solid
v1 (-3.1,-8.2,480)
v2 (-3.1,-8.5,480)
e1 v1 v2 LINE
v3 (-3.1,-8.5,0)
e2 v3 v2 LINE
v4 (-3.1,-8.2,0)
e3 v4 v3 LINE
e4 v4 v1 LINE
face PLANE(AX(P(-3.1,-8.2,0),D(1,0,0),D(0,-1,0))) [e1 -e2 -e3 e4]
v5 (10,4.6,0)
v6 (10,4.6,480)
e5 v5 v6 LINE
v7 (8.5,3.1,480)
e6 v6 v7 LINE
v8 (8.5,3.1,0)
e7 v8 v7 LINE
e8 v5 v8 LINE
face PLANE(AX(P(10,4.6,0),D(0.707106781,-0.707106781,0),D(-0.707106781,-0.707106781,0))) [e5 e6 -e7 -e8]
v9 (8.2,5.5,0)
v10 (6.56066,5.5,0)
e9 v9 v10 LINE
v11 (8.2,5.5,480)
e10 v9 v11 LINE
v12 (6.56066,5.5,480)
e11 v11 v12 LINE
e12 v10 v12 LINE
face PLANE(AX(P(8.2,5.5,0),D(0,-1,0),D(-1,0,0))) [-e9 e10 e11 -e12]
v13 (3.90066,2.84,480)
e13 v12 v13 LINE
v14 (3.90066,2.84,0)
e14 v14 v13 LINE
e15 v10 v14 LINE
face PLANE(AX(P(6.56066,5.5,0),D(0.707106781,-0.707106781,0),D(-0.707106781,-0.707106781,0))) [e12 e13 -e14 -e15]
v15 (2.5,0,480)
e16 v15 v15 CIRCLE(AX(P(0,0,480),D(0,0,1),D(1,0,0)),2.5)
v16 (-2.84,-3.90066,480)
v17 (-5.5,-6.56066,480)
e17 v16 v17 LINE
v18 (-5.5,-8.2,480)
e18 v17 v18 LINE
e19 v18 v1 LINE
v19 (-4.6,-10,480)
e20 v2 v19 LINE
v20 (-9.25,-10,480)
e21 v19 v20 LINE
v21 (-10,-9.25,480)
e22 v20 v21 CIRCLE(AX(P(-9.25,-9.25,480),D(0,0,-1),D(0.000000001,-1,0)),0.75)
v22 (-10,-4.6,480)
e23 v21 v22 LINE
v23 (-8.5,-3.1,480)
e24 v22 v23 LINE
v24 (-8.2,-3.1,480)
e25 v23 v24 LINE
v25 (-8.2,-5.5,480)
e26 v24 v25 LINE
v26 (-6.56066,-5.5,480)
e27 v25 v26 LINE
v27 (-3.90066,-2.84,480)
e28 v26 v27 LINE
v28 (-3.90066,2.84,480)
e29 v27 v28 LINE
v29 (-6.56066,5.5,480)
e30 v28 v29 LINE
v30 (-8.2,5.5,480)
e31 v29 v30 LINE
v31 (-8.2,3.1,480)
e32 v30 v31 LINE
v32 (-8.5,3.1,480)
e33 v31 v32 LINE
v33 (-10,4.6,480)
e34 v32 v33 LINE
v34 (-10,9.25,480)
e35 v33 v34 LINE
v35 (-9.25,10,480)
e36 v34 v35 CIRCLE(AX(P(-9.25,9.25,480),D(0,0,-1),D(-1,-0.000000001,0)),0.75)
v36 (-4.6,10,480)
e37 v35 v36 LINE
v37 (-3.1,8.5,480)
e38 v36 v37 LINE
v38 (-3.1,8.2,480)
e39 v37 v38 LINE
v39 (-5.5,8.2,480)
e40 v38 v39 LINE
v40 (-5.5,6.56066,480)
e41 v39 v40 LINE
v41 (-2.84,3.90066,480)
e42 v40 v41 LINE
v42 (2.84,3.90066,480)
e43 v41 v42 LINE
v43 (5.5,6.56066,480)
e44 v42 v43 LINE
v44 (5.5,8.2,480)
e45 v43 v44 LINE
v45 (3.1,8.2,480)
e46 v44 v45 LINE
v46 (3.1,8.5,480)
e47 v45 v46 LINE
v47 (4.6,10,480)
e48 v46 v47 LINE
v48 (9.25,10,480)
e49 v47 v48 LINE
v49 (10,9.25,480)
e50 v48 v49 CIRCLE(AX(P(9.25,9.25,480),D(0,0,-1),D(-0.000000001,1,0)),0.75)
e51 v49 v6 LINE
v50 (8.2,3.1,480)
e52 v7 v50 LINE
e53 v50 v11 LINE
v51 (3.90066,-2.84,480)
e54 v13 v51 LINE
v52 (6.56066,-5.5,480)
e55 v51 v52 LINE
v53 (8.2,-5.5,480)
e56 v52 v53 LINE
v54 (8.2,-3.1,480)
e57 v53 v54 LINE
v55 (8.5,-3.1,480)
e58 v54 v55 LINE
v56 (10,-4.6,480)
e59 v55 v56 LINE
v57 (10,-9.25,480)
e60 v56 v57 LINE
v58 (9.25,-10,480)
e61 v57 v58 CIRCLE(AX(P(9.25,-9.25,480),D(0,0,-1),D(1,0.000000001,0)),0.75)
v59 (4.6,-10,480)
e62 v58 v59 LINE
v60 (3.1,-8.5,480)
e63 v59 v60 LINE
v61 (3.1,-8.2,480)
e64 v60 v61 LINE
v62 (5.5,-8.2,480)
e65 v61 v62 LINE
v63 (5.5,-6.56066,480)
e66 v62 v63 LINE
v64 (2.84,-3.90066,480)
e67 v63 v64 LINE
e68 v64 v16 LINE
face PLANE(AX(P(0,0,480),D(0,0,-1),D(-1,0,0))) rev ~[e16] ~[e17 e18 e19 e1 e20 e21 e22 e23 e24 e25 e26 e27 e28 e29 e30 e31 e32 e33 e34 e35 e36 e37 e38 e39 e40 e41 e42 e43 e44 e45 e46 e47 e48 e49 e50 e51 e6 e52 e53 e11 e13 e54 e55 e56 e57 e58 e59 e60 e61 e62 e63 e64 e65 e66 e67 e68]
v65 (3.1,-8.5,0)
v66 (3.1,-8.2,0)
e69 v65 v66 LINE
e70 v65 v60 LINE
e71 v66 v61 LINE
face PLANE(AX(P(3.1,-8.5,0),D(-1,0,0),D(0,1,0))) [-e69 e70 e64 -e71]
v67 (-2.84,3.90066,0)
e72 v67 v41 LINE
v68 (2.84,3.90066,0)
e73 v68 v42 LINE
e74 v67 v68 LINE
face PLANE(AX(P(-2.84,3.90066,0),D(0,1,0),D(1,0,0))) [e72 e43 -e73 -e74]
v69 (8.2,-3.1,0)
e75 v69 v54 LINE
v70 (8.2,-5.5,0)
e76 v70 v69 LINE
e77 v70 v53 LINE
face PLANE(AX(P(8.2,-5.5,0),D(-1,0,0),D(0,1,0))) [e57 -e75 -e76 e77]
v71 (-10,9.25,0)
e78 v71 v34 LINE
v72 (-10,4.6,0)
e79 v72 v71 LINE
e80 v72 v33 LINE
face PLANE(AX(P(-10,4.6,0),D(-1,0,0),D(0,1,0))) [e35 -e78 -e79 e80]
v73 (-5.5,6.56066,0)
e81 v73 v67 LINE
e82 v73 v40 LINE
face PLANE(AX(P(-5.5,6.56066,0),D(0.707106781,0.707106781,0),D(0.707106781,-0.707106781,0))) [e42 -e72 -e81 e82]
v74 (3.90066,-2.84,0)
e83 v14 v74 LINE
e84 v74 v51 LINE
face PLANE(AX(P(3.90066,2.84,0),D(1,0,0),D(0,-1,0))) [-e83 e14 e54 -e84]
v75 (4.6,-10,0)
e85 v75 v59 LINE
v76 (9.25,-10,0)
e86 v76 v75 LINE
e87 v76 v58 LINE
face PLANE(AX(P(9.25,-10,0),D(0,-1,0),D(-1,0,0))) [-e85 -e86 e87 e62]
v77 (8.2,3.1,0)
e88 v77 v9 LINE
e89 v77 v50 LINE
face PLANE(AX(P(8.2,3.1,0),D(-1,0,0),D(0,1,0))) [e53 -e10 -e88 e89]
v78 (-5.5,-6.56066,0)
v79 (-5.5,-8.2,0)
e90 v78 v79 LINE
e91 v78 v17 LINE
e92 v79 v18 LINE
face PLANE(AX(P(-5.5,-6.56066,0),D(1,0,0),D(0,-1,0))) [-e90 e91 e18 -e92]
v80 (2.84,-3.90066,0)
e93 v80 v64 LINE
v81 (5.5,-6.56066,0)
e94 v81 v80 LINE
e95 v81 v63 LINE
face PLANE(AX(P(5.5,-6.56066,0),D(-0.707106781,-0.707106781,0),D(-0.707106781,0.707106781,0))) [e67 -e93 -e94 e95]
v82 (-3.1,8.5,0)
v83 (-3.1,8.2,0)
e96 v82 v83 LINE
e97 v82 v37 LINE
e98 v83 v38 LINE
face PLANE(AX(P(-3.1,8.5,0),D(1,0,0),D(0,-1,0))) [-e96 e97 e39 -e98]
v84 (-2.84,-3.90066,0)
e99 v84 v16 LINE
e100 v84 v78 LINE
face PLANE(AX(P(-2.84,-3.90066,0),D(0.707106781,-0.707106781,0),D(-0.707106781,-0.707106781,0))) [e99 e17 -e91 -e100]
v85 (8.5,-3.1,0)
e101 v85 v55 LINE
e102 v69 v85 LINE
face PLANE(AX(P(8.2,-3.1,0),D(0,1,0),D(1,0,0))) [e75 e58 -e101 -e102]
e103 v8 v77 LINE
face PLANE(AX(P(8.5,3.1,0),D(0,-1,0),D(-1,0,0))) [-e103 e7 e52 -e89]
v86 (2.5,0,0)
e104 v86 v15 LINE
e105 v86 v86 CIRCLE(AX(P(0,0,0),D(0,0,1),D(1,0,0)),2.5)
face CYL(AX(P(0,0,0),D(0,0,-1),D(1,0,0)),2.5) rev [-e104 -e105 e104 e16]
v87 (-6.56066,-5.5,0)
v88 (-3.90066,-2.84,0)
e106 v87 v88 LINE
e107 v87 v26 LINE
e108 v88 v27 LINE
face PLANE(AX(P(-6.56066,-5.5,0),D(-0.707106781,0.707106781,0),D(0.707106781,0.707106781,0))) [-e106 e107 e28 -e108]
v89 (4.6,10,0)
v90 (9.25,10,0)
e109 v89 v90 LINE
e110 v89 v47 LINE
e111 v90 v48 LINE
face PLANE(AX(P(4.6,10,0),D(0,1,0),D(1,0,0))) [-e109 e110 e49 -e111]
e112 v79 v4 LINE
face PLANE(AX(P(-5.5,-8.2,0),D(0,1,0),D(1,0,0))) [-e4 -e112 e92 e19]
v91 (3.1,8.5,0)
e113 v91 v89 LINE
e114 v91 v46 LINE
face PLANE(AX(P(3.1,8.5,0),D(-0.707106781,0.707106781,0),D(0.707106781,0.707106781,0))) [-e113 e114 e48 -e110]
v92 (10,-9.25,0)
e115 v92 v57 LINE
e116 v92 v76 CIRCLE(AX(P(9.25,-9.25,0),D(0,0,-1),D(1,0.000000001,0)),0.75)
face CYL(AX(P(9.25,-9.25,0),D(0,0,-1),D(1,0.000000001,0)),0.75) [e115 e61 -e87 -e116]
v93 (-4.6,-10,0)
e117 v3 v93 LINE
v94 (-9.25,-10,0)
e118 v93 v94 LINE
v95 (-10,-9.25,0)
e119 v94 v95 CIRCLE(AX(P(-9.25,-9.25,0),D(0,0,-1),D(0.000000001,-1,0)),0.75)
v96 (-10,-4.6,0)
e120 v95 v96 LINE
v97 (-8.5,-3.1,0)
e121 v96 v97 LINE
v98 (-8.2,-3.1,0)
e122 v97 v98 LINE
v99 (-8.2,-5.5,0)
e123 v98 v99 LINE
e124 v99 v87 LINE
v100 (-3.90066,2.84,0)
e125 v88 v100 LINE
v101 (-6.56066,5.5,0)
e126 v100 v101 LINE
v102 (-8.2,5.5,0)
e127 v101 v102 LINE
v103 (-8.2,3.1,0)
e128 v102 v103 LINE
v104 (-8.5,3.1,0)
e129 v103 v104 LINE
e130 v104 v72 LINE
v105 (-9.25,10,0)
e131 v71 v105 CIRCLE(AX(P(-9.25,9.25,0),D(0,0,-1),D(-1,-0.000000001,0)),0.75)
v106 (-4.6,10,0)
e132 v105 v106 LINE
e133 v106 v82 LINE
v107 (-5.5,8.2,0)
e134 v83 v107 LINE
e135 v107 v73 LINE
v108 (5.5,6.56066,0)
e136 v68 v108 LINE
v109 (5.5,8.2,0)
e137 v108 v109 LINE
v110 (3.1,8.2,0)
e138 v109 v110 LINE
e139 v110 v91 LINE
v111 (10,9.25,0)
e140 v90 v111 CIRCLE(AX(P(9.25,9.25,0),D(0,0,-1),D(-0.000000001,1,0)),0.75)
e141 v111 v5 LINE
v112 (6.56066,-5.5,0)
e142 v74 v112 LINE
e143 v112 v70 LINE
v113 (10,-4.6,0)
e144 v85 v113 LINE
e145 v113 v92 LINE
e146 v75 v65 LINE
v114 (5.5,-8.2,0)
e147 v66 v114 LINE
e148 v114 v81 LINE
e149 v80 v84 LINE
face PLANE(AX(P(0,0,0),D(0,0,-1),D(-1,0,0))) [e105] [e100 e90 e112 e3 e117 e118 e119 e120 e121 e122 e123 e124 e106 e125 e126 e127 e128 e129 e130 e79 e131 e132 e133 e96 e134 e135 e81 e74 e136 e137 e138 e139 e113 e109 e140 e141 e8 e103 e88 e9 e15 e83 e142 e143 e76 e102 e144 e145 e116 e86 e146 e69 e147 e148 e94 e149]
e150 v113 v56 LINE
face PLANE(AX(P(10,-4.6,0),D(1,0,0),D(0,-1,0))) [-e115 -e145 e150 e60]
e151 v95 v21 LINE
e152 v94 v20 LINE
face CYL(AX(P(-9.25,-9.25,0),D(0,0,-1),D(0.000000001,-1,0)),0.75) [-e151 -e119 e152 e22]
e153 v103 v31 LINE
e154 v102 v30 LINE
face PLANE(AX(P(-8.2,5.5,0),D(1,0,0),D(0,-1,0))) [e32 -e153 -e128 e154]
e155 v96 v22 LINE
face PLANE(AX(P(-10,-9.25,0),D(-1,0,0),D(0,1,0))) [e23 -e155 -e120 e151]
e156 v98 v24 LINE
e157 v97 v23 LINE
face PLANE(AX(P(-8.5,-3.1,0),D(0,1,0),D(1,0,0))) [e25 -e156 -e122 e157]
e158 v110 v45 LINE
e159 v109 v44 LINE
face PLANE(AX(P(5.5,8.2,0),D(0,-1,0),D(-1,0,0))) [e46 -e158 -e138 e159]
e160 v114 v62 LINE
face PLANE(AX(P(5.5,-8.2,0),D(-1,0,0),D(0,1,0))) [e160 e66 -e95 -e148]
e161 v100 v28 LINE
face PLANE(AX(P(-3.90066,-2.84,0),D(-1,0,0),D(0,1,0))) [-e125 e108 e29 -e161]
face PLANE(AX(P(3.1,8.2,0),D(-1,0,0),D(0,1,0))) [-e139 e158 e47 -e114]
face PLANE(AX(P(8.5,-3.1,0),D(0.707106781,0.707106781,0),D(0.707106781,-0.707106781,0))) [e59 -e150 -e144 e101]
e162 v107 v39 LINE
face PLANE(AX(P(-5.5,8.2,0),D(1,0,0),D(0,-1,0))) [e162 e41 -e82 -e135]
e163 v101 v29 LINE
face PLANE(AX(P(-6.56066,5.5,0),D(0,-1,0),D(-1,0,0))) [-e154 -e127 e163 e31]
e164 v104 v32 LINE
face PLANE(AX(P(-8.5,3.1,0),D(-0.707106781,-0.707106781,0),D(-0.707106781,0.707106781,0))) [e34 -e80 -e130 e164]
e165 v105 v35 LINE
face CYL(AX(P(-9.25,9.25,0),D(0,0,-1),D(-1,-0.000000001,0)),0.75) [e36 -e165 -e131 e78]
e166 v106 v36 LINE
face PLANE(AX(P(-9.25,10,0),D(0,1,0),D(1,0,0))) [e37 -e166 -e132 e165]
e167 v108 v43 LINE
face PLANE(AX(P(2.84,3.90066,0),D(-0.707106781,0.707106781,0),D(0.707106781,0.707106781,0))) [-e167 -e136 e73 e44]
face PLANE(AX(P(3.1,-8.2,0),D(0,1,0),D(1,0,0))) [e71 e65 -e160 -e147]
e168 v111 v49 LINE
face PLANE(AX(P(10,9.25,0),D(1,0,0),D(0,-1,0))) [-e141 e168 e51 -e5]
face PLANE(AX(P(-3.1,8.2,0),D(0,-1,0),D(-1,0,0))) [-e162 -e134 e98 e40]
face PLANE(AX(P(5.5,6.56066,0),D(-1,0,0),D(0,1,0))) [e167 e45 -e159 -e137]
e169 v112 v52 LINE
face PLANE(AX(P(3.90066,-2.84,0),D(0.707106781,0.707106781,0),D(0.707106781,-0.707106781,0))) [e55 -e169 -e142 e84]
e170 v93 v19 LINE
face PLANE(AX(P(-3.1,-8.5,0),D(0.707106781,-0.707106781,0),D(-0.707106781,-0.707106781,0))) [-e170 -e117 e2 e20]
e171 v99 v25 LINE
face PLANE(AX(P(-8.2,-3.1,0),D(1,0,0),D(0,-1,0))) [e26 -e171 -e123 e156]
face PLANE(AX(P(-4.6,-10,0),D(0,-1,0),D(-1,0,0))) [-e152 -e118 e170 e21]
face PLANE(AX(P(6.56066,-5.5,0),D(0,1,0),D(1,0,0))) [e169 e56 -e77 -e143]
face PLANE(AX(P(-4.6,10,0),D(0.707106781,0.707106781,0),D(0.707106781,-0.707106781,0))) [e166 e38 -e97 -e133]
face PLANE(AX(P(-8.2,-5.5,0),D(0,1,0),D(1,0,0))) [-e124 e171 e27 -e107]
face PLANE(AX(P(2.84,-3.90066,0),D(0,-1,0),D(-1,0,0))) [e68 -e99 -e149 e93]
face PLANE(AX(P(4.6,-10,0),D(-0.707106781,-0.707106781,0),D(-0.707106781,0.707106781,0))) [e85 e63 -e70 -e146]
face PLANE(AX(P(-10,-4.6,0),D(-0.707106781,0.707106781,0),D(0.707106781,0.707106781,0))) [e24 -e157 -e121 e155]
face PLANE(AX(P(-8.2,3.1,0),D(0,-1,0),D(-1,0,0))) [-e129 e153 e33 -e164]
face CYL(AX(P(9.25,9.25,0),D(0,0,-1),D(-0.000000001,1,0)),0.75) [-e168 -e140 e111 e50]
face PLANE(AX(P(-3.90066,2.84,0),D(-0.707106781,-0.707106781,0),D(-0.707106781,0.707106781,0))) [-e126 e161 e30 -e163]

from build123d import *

# Parameters (mm, degrees)
CROQUIS1_R              = 2.5
SALIENTE_EXTRUIR1_DEPTH = 480


with BuildPart() as part:
    # Croquis1 → Saliente-Extruir1 (new body)
    with BuildSketch(Plane.XY):
        with BuildLine():
            Line((-4.6, 10), (-3.1, 8.5))
            Line((-3.1, 8.5), (-3.1, 8.2))
            Line((-3.1, 8.2), (-5.5, 8.2))
            Line((-5.5, 8.2), (-5.5, 6.560660172))
            Line((-5.5, 6.560660172), (-2.84, 3.900660172))
            Line((-2.84, 3.900660172), (0, 3.900660172))
            Line((0, 3.900660172), (2.84, 3.900660172))
            Line((2.84, 3.900660172), (5.5, 6.560660172))
            Line((5.5, 6.560660172), (5.5, 8.2))
            Line((5.5, 8.2), (3.1, 8.2))
            Line((3.1, 8.2), (3.1, 8.5))
            Line((3.1, 8.5), (4.6, 10))
            Line((4.6, 10), (9.25, 10))
            ThreePointArc((9.25, 10), (9.780330086, 9.780330086), (10, 9.25))
            Line((10, 9.25), (10, 4.6))
            Line((10, 4.6), (8.5, 3.1))
            Line((8.5, 3.1), (8.2, 3.1))
            Line((8.2, 3.1), (8.2, 5.5))
            Line((8.2, 5.5), (6.560660172, 5.5))
            Line((6.560660172, 5.5), (3.900660172, 2.84))
            Line((3.900660172, 2.84), (3.900660172, 0))
            Line((3.900660172, 0), (3.900660172, -2.84))
            Line((3.900660172, -2.84), (6.560660172, -5.5))
            Line((6.560660172, -5.5), (8.2, -5.5))
            Line((8.2, -5.5), (8.2, -3.1))
            Line((8.2, -3.1), (8.5, -3.1))
            Line((8.5, -3.1), (10, -4.6))
            Line((10, -4.6), (10, -9.25))
            ThreePointArc((10, -9.25), (9.780330086, -9.780330086), (9.25, -10))
            Line((9.25, -10), (4.6, -10))
            Line((4.6, -10), (3.1, -8.5))
            Line((3.1, -8.5), (3.1, -8.2))
            Line((3.1, -8.2), (5.5, -8.2))
            Line((5.5, -8.2), (5.5, -6.560660172))
            Line((5.5, -6.560660172), (2.84, -3.900660172))
            Line((2.84, -3.900660172), (0, -3.900660172))
            Line((0, -3.900660172), (-2.84, -3.900660172))
            Line((-2.84, -3.900660172), (-5.5, -6.560660172))
            Line((-5.5, -6.560660172), (-5.5, -8.2))
            Line((-5.5, -8.2), (-3.1, -8.2))
            Line((-3.1, -8.2), (-3.1, -8.5))
            Line((-3.1, -8.5), (-4.6, -10))
            Line((-4.6, -10), (-9.25, -10))
            ThreePointArc((-9.25, -10), (-9.780330086, -9.780330086), (-10, -9.25))
            Line((-10, -9.25), (-10, -4.6))
            Line((-10, -4.6), (-8.5, -3.1))
            Line((-8.5, -3.1), (-8.2, -3.1))
            Line((-8.2, -3.1), (-8.2, -5.5))
            Line((-8.2, -5.5), (-6.560660172, -5.5))
            Line((-6.560660172, -5.5), (-3.900660172, -2.84))
            Line((-3.900660172, -2.84), (-3.900660172, 0))
            Line((-3.900660172, 0), (-3.900660172, 2.84))
            Line((-3.900660172, 2.84), (-6.560660172, 5.5))
            Line((-6.560660172, 5.5), (-8.2, 5.5))
            Line((-8.2, 5.5), (-8.2, 3.1))
            Line((-8.2, 3.1), (-8.5, 3.1))
            Line((-8.5, 3.1), (-10, 4.6))
            Line((-10, 4.6), (-10, 9.25))
            ThreePointArc((-10, 9.25), (-9.780330086, 9.780330086), (-9.25, 10))
            Line((-9.25, 10), (-4.6, 10))
        make_face()
        Circle(CROQUIS1_R, mode=Mode.SUBTRACT)
    extrude(amount=SALIENTE_EXTRUIR1_DEPTH)


solid = part.part
